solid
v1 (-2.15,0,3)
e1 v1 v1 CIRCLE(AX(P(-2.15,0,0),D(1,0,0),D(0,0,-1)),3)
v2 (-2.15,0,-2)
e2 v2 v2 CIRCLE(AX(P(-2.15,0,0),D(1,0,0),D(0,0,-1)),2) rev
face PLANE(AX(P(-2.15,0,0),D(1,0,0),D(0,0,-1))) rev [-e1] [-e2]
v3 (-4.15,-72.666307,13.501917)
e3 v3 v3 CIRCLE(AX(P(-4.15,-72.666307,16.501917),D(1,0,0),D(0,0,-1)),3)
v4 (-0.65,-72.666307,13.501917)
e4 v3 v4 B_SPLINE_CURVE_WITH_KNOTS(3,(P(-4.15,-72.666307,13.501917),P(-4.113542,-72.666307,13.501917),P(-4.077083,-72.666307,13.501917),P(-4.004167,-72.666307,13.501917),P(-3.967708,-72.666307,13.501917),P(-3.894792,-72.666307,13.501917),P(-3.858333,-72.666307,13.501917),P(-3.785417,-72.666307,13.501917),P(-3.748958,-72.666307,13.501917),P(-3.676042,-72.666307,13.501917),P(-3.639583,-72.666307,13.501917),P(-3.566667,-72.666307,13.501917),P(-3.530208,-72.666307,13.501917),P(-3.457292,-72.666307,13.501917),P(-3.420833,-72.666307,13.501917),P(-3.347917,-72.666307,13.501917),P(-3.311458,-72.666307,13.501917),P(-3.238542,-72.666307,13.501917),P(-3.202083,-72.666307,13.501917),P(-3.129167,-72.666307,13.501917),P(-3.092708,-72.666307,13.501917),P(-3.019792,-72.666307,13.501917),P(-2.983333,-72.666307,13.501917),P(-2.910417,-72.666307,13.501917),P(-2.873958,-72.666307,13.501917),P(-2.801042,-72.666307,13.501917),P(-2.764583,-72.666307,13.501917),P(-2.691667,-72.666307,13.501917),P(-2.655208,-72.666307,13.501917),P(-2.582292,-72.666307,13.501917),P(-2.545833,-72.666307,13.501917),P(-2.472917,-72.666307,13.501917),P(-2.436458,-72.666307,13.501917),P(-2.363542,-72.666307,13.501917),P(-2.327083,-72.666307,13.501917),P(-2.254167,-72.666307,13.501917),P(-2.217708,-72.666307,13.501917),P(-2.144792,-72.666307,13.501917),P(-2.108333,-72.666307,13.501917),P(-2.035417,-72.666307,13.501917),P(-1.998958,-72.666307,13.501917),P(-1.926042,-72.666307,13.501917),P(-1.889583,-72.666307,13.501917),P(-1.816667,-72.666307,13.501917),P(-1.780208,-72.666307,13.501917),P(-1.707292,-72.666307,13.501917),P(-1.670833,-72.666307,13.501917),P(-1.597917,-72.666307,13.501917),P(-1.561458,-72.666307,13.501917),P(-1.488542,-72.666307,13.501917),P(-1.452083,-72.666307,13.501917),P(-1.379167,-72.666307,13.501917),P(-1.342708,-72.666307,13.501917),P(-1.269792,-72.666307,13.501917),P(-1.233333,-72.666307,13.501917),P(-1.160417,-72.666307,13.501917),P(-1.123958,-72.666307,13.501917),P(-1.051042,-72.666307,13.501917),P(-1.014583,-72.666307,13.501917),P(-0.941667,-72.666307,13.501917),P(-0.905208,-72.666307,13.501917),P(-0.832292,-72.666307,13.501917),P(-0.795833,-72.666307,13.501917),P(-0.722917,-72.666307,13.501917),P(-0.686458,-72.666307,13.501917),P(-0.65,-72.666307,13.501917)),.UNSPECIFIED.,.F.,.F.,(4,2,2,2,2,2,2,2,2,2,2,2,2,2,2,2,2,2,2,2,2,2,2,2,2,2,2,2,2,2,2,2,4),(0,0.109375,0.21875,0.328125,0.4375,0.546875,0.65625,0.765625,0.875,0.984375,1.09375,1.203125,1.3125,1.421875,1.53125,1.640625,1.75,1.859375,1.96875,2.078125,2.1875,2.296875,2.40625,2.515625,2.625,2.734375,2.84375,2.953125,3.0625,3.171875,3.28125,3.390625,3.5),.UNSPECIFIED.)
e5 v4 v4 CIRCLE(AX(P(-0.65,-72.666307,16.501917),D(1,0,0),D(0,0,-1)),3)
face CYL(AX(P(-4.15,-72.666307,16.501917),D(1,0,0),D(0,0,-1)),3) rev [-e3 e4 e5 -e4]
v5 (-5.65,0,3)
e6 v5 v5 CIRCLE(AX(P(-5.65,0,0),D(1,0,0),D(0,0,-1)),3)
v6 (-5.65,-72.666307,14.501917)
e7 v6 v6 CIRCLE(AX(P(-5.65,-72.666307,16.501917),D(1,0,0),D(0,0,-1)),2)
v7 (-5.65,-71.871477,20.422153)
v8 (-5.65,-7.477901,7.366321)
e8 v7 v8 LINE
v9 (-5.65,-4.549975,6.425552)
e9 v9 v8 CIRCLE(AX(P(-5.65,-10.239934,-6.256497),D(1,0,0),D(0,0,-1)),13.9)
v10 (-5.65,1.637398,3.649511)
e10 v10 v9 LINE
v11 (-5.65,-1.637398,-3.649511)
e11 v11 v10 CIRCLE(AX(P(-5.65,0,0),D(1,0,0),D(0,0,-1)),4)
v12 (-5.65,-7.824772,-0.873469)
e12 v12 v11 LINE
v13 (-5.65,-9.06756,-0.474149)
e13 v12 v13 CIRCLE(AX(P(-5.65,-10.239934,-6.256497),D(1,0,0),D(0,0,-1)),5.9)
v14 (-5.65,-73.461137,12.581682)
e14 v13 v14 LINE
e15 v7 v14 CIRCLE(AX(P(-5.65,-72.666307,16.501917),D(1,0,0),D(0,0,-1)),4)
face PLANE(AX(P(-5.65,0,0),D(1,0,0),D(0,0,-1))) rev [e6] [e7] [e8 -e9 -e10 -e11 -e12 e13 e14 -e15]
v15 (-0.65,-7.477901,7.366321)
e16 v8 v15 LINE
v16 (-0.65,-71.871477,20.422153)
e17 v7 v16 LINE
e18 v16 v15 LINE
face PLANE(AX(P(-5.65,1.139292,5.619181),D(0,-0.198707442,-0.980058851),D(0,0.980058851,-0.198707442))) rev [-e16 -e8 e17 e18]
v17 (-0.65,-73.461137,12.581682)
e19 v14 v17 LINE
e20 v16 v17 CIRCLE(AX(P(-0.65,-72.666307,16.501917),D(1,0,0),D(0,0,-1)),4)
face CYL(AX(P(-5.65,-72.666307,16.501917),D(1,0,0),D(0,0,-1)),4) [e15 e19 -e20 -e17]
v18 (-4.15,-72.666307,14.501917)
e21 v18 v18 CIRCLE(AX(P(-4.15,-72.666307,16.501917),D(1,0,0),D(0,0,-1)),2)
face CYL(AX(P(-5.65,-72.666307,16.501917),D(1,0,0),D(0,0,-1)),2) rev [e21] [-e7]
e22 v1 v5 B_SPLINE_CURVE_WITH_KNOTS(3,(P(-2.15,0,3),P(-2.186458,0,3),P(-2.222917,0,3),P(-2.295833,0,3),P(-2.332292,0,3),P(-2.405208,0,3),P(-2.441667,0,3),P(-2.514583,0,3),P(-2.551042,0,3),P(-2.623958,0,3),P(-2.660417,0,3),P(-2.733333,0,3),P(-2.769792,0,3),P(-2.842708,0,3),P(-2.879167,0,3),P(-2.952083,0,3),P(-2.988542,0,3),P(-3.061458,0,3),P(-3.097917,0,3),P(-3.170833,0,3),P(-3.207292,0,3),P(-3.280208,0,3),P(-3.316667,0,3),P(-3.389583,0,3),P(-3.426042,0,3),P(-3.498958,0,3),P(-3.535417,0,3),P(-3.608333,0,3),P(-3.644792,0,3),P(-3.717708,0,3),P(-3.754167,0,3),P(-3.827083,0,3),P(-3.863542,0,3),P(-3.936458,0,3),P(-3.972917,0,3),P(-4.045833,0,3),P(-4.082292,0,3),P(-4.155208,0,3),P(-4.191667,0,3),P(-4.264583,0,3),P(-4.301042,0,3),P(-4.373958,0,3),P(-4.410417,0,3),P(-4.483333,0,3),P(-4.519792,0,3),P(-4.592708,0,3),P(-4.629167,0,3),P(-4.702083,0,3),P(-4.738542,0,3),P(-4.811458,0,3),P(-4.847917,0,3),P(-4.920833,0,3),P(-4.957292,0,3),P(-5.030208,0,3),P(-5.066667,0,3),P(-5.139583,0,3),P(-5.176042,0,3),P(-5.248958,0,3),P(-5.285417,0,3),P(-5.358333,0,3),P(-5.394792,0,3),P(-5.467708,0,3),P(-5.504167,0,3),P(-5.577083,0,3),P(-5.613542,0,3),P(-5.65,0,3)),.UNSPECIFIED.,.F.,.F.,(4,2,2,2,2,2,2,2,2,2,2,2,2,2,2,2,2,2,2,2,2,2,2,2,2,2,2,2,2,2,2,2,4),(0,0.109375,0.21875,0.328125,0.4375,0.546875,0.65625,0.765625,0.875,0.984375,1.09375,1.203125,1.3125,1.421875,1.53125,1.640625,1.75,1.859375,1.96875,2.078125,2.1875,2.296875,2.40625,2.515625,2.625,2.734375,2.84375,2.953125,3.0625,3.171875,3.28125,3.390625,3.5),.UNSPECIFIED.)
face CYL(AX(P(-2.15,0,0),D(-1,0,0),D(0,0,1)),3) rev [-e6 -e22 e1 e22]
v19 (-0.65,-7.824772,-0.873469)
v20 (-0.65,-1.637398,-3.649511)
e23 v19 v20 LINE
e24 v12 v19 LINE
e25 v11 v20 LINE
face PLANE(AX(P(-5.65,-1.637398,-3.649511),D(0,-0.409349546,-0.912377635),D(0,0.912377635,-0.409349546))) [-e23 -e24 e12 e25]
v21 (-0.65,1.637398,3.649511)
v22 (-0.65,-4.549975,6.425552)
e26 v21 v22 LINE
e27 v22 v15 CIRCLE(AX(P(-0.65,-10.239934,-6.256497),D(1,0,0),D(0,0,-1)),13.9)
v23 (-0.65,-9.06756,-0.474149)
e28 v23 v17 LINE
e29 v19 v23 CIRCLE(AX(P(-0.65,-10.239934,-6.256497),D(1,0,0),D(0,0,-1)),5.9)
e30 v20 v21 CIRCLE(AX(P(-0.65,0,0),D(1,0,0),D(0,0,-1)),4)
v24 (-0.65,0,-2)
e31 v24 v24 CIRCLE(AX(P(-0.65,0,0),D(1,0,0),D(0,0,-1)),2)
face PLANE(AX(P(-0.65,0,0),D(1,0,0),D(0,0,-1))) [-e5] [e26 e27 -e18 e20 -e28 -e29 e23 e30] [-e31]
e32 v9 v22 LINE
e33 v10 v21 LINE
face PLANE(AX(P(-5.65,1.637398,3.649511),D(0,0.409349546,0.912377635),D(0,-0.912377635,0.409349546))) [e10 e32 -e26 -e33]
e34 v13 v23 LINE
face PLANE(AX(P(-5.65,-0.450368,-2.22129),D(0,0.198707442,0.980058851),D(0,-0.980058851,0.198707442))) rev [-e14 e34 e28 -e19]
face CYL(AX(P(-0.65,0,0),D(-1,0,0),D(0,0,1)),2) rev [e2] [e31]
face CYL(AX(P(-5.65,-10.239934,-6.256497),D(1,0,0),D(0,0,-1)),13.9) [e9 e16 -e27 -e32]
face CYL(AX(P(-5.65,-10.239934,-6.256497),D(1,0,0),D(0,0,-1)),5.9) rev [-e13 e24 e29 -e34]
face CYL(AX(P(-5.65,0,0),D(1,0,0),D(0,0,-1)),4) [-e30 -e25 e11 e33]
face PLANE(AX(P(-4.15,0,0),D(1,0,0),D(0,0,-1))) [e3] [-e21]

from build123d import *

# Parameters (mm, degrees)
BOSS_EXTRUDE1_START = -0.65
BOSS_EXTRUDE1_DEPTH = 5
CUT_EXTRUDE1_START  = -5.65
SKETCH2_3_R         = 3
SKETCH2_3_R_2       = 2
CUT_EXTRUDE1_DEPTH  = 3.5
CUT_EXTRUDE2_START  = -2.15
SKETCH2_4_R         = 2
CUT_EXTRUDE2_DEPTH  = 1.5
CUT_EXTRUDE3_START  = -4.15
SKETCH2_5_R         = 3
CUT_EXTRUDE3_DEPTH  = 3.5
CUT_EXTRUDE4_START  = -5.65
SKETCH2_6_R         = 2
CUT_EXTRUDE4_DEPTH  = 1.5


with BuildPart() as part:
    # Sketch2 → Boss-Extrude1 (new body)
    with BuildSketch(Plane(origin=(0, 0, 0), x_dir=(0, 0, -1), z_dir=(1, 0, 0)).offset(BOSS_EXTRUDE1_START)):
        with BuildLine():
            Line((0.474149458, -9.067560136), (-12.581681775, -73.461136983))
            ThreePointArc((-12.581681775, -73.461136983), (-17.296746951, -76.586542619), (-20.422152587, -71.871477443))
            Line((-20.422152587, -71.871477443), (-7.366321354, -7.477900597))
            ThreePointArc((-7.366321354, -7.477900597), (-6.977161002, -5.987839937), (-6.425552448, -4.549975356))
            Line((-6.425552448, -4.549975356), (-3.649510541, 1.637398184))
            ThreePointArc((-3.649510541, 1.637398184), (1.637398184, 3.649510541), (3.649510541, -1.637398184))
            Line((3.649510541, -1.637398184), (0.873468634, -7.824771725))
            ThreePointArc((0.873468634, -7.824771725), (0.639332629, -8.435088345), (0.474149458, -9.067560136))
        make_face()
    extrude(amount=-BOSS_EXTRUDE1_DEPTH)

    # Sketch2<3> → Cut-Extrude1 (cut)
    # profile 1 of 2: a face of its own
    with BuildSketch(Plane(origin=(0, 0, 0), x_dir=(0, 0, -1), z_dir=(1, 0, 0)).offset(CUT_EXTRUDE1_START)):
        with Locations(Location((0, 0, 0), (0, 0, 180))):
            Circle(SKETCH2_3_R)
        Circle(SKETCH2_3_R_2, mode=Mode.SUBTRACT)
    # profile 2 of 2: a face of its own
    with BuildSketch(Plane(origin=(0, 0, 0), x_dir=(0, 0, -1), z_dir=(1, 0, 0)).offset(CUT_EXTRUDE1_START)):
        Circle(SKETCH2_3_R_2)
    extrude(amount=CUT_EXTRUDE1_DEPTH, mode=Mode.SUBTRACT)

    # Sketch2<4> → Cut-Extrude2 (cut)
    with BuildSketch(Plane(origin=(0, 0, 0), x_dir=(0, 0, -1), z_dir=(1, 0, 0)).offset(CUT_EXTRUDE2_START)):
        Circle(SKETCH2_4_R)
    extrude(amount=CUT_EXTRUDE2_DEPTH, mode=Mode.SUBTRACT)

    # Sketch2<5> → Cut-Extrude3 (cut)
    with BuildSketch(Plane(origin=(0, 0, 0), x_dir=(0, 0, -1), z_dir=(1, 0, 0)).offset(CUT_EXTRUDE3_START)):
        with Locations((-16.501917181, -72.666307213)):
            Circle(SKETCH2_5_R)
    extrude(amount=CUT_EXTRUDE3_DEPTH, mode=Mode.SUBTRACT)

    # Sketch2<6> → Cut-Extrude4 (cut)
    with BuildSketch(Plane(origin=(0, 0, 0), x_dir=(0, 0, -1), z_dir=(1, 0, 0)).offset(CUT_EXTRUDE4_START)):
        with Locations((-16.501917181, -72.666307213)):
            Circle(SKETCH2_6_R)
    extrude(amount=CUT_EXTRUDE4_DEPTH, mode=Mode.SUBTRACT)


solid = part.part
